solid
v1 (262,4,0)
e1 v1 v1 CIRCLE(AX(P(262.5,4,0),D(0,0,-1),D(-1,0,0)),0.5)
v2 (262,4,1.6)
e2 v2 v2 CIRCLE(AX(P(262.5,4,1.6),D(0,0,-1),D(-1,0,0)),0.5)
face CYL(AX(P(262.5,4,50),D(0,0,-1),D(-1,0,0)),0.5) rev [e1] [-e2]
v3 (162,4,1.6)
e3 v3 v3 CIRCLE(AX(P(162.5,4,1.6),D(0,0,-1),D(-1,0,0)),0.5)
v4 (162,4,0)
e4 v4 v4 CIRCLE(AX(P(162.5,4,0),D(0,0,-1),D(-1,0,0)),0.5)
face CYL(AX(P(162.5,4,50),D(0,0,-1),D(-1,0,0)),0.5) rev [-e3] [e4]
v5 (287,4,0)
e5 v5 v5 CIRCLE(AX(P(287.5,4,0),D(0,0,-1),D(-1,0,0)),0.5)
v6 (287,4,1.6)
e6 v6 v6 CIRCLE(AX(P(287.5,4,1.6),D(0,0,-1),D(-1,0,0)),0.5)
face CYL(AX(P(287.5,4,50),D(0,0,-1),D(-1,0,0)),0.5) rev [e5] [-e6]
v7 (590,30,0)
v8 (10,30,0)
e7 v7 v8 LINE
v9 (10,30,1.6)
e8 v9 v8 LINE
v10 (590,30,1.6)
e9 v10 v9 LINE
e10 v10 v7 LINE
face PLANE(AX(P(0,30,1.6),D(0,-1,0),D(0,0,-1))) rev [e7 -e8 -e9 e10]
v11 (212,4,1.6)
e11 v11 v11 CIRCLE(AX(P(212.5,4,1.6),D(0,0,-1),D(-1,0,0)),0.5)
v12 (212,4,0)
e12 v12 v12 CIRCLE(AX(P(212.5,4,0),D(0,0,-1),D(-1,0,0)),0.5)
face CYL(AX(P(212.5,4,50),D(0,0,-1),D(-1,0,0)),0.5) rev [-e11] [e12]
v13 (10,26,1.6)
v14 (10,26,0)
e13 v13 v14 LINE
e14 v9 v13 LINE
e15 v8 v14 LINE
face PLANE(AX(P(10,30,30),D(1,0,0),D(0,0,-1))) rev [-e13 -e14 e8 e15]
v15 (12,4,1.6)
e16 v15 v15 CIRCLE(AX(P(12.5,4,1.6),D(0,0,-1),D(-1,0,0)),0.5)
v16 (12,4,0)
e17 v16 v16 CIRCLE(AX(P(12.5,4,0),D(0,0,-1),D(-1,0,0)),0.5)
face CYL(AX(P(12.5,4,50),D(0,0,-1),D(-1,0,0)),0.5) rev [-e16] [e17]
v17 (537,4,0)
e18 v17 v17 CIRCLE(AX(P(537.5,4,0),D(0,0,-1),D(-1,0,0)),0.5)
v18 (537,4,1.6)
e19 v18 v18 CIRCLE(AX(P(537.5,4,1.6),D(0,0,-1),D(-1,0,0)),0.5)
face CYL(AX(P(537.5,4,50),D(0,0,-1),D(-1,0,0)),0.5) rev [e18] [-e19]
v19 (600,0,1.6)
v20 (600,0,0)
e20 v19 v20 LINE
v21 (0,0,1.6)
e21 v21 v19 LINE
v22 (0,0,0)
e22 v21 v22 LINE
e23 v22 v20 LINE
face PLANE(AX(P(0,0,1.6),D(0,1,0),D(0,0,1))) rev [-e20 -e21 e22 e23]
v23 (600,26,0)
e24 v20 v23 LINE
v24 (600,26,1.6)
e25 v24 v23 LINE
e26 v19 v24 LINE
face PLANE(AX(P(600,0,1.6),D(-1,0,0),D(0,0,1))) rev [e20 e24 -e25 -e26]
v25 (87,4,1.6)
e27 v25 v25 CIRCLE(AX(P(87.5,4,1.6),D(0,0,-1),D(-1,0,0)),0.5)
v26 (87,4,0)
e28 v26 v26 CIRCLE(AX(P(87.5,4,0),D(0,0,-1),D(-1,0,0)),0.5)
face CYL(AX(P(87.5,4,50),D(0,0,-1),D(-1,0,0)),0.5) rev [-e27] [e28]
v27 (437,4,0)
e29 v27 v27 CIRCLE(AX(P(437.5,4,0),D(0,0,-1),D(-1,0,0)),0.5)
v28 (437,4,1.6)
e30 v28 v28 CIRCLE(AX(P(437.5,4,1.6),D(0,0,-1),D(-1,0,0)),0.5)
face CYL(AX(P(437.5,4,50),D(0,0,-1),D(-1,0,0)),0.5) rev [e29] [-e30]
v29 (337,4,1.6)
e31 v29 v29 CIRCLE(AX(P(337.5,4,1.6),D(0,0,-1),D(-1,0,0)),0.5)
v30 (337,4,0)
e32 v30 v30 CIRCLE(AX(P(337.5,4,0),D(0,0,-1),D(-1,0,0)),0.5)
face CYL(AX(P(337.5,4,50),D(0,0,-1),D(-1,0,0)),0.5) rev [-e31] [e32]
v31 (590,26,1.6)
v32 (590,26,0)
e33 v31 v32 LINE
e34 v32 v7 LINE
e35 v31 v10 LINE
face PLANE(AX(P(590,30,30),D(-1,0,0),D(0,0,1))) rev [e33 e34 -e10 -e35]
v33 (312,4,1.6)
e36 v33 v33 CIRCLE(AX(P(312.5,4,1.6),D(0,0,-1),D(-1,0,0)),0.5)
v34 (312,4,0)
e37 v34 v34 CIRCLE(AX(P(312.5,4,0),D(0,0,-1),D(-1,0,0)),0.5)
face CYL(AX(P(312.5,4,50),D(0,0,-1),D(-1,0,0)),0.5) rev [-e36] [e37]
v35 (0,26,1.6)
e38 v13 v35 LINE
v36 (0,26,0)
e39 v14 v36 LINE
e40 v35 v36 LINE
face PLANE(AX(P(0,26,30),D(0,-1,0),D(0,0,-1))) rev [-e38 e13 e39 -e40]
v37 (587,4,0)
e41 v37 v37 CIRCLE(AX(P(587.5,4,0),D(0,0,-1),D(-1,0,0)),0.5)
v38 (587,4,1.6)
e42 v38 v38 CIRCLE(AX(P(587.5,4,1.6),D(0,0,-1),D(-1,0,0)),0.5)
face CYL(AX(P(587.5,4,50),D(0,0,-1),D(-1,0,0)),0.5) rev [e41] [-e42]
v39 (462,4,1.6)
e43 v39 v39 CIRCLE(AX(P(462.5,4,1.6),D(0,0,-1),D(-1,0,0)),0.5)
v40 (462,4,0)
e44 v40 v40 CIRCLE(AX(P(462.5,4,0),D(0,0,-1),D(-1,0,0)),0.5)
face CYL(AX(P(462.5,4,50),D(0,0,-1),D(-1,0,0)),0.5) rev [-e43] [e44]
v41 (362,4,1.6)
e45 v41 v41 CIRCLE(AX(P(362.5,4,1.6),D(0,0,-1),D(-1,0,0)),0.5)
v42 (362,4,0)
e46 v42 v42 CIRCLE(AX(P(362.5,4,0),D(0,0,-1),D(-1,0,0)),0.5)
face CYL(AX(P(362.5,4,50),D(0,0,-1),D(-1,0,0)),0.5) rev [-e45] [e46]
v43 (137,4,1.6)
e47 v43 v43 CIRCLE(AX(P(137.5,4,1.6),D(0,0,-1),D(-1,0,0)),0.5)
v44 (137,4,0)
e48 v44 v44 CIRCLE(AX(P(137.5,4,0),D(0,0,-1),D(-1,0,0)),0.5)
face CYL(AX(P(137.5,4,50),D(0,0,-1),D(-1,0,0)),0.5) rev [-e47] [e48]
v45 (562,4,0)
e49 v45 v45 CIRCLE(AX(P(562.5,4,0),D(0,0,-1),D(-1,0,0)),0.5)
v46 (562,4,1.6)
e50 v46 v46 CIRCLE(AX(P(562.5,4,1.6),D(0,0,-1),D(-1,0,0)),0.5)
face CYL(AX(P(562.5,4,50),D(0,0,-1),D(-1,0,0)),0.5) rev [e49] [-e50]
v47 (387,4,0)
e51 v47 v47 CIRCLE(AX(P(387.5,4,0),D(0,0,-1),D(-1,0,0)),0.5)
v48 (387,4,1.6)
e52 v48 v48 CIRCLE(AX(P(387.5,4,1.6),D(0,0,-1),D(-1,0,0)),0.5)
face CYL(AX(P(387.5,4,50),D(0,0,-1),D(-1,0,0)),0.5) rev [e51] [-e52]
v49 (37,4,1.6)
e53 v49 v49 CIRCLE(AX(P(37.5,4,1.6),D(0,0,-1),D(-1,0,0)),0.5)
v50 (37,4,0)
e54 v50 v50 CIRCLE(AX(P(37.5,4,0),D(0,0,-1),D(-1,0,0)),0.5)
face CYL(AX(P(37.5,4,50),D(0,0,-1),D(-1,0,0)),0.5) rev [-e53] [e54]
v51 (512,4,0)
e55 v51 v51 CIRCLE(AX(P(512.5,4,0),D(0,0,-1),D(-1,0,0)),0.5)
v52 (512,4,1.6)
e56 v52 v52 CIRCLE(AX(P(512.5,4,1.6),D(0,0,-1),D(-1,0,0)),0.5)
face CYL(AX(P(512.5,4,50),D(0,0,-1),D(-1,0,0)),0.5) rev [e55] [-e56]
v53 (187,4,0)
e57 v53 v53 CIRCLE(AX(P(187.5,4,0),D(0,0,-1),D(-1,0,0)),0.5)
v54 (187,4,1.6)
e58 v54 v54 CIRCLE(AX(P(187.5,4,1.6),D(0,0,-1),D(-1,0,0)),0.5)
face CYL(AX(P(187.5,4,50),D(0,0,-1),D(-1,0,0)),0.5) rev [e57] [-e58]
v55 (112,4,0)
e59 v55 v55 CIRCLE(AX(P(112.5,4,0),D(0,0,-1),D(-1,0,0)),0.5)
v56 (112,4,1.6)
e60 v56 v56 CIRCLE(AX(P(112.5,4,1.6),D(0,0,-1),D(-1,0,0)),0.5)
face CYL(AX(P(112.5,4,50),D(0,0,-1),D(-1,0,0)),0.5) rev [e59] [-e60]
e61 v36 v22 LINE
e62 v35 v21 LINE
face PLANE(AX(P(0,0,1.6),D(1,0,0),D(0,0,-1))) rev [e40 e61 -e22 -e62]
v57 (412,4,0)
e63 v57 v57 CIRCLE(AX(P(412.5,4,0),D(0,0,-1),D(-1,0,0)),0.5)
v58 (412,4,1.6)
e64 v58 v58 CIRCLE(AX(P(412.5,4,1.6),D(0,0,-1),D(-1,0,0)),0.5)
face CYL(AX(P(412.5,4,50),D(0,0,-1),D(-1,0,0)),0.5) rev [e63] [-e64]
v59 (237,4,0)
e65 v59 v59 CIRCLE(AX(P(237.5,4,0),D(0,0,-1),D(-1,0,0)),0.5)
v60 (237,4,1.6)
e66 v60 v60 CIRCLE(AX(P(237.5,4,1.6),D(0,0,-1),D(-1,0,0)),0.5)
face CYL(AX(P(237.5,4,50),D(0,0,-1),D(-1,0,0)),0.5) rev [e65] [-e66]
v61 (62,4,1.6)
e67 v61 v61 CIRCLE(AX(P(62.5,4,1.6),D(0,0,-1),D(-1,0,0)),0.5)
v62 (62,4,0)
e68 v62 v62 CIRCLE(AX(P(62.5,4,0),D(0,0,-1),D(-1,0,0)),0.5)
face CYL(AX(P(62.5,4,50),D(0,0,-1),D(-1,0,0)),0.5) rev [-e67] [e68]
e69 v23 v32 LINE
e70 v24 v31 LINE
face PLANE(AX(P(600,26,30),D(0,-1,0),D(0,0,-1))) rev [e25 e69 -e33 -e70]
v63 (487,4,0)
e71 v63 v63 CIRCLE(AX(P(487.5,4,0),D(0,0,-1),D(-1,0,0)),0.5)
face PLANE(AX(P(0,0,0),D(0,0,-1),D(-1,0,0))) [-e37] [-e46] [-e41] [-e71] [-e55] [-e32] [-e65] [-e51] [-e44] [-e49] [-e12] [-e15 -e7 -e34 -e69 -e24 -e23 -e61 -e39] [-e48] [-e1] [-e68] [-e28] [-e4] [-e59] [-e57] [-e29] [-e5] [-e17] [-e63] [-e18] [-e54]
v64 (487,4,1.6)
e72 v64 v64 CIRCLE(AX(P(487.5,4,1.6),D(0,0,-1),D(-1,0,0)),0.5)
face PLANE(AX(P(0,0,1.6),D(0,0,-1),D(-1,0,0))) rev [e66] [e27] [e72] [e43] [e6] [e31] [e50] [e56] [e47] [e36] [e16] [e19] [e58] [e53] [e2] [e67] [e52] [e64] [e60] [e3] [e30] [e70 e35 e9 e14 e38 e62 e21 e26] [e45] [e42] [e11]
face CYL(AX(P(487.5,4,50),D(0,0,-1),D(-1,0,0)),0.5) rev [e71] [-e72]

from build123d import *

# Parameters (mm, degrees)
ESQUISSE1_W                = 600
ESQUISSE1_H                = 30
BOSS_EXTRU_1_DEPTH         = 1.6
ESQUISSE5_R                = 0.5
ENL_V_MAT_EXTRU_2_DEPTH    = 50
R_P_TITION_LIN_AIRE3_COUNT = 24
R_P_TITION_LIN_AIRE3_PITCH = 25
ESQUISSE6_W                = 10
ESQUISSE6_H                = 4
ENL_V_MAT_EXTRU_3_DEPTH    = 30


with BuildPart() as part:
    # Esquisse1 → Boss.-Extru.1 (new body)
    with BuildSketch(Plane.XY):
        with Locations((300, 15)):
            Rectangle(ESQUISSE1_W, ESQUISSE1_H)
    extrude(amount=BOSS_EXTRU_1_DEPTH)

    # Esquisse5 → Enlèv. mat.-Extru.2 (cut)
    with BuildSketch(Plane(origin=(0, 0, 0), x_dir=(-1, 0, 0), z_dir=(0, 0, -1))):
        with Locations((-587.5, 4)):
            Circle(ESQUISSE5_R)
    enl_v_mat_extru_2 = extrude(amount=-ENL_V_MAT_EXTRU_2_DEPTH, mode=Mode.SUBTRACT)

    # Répétition linéaire3: Enlèv. mat.-Extru.2 ×24
    with Locations(*[(-i * R_P_TITION_LIN_AIRE3_PITCH, 0, 0) for i in range(1, R_P_TITION_LIN_AIRE3_COUNT)]):
        add(enl_v_mat_extru_2, mode=Mode.SUBTRACT)

    # Esquisse6 → Enlèv. mat.-Extru.3 (cut)
    with BuildSketch(Plane(origin=(0, 0, 0), x_dir=(-1, 0, 0), z_dir=(0, 0, -1))):
        with Locations((-595, 28)):
            Rectangle(ESQUISSE6_W, ESQUISSE6_H)
        with Locations((-5, 28)):
            Rectangle(ESQUISSE6_W, ESQUISSE6_H)
    extrude(amount=-ENL_V_MAT_EXTRU_3_DEPTH, mode=Mode.SUBTRACT)


solid = part.part
